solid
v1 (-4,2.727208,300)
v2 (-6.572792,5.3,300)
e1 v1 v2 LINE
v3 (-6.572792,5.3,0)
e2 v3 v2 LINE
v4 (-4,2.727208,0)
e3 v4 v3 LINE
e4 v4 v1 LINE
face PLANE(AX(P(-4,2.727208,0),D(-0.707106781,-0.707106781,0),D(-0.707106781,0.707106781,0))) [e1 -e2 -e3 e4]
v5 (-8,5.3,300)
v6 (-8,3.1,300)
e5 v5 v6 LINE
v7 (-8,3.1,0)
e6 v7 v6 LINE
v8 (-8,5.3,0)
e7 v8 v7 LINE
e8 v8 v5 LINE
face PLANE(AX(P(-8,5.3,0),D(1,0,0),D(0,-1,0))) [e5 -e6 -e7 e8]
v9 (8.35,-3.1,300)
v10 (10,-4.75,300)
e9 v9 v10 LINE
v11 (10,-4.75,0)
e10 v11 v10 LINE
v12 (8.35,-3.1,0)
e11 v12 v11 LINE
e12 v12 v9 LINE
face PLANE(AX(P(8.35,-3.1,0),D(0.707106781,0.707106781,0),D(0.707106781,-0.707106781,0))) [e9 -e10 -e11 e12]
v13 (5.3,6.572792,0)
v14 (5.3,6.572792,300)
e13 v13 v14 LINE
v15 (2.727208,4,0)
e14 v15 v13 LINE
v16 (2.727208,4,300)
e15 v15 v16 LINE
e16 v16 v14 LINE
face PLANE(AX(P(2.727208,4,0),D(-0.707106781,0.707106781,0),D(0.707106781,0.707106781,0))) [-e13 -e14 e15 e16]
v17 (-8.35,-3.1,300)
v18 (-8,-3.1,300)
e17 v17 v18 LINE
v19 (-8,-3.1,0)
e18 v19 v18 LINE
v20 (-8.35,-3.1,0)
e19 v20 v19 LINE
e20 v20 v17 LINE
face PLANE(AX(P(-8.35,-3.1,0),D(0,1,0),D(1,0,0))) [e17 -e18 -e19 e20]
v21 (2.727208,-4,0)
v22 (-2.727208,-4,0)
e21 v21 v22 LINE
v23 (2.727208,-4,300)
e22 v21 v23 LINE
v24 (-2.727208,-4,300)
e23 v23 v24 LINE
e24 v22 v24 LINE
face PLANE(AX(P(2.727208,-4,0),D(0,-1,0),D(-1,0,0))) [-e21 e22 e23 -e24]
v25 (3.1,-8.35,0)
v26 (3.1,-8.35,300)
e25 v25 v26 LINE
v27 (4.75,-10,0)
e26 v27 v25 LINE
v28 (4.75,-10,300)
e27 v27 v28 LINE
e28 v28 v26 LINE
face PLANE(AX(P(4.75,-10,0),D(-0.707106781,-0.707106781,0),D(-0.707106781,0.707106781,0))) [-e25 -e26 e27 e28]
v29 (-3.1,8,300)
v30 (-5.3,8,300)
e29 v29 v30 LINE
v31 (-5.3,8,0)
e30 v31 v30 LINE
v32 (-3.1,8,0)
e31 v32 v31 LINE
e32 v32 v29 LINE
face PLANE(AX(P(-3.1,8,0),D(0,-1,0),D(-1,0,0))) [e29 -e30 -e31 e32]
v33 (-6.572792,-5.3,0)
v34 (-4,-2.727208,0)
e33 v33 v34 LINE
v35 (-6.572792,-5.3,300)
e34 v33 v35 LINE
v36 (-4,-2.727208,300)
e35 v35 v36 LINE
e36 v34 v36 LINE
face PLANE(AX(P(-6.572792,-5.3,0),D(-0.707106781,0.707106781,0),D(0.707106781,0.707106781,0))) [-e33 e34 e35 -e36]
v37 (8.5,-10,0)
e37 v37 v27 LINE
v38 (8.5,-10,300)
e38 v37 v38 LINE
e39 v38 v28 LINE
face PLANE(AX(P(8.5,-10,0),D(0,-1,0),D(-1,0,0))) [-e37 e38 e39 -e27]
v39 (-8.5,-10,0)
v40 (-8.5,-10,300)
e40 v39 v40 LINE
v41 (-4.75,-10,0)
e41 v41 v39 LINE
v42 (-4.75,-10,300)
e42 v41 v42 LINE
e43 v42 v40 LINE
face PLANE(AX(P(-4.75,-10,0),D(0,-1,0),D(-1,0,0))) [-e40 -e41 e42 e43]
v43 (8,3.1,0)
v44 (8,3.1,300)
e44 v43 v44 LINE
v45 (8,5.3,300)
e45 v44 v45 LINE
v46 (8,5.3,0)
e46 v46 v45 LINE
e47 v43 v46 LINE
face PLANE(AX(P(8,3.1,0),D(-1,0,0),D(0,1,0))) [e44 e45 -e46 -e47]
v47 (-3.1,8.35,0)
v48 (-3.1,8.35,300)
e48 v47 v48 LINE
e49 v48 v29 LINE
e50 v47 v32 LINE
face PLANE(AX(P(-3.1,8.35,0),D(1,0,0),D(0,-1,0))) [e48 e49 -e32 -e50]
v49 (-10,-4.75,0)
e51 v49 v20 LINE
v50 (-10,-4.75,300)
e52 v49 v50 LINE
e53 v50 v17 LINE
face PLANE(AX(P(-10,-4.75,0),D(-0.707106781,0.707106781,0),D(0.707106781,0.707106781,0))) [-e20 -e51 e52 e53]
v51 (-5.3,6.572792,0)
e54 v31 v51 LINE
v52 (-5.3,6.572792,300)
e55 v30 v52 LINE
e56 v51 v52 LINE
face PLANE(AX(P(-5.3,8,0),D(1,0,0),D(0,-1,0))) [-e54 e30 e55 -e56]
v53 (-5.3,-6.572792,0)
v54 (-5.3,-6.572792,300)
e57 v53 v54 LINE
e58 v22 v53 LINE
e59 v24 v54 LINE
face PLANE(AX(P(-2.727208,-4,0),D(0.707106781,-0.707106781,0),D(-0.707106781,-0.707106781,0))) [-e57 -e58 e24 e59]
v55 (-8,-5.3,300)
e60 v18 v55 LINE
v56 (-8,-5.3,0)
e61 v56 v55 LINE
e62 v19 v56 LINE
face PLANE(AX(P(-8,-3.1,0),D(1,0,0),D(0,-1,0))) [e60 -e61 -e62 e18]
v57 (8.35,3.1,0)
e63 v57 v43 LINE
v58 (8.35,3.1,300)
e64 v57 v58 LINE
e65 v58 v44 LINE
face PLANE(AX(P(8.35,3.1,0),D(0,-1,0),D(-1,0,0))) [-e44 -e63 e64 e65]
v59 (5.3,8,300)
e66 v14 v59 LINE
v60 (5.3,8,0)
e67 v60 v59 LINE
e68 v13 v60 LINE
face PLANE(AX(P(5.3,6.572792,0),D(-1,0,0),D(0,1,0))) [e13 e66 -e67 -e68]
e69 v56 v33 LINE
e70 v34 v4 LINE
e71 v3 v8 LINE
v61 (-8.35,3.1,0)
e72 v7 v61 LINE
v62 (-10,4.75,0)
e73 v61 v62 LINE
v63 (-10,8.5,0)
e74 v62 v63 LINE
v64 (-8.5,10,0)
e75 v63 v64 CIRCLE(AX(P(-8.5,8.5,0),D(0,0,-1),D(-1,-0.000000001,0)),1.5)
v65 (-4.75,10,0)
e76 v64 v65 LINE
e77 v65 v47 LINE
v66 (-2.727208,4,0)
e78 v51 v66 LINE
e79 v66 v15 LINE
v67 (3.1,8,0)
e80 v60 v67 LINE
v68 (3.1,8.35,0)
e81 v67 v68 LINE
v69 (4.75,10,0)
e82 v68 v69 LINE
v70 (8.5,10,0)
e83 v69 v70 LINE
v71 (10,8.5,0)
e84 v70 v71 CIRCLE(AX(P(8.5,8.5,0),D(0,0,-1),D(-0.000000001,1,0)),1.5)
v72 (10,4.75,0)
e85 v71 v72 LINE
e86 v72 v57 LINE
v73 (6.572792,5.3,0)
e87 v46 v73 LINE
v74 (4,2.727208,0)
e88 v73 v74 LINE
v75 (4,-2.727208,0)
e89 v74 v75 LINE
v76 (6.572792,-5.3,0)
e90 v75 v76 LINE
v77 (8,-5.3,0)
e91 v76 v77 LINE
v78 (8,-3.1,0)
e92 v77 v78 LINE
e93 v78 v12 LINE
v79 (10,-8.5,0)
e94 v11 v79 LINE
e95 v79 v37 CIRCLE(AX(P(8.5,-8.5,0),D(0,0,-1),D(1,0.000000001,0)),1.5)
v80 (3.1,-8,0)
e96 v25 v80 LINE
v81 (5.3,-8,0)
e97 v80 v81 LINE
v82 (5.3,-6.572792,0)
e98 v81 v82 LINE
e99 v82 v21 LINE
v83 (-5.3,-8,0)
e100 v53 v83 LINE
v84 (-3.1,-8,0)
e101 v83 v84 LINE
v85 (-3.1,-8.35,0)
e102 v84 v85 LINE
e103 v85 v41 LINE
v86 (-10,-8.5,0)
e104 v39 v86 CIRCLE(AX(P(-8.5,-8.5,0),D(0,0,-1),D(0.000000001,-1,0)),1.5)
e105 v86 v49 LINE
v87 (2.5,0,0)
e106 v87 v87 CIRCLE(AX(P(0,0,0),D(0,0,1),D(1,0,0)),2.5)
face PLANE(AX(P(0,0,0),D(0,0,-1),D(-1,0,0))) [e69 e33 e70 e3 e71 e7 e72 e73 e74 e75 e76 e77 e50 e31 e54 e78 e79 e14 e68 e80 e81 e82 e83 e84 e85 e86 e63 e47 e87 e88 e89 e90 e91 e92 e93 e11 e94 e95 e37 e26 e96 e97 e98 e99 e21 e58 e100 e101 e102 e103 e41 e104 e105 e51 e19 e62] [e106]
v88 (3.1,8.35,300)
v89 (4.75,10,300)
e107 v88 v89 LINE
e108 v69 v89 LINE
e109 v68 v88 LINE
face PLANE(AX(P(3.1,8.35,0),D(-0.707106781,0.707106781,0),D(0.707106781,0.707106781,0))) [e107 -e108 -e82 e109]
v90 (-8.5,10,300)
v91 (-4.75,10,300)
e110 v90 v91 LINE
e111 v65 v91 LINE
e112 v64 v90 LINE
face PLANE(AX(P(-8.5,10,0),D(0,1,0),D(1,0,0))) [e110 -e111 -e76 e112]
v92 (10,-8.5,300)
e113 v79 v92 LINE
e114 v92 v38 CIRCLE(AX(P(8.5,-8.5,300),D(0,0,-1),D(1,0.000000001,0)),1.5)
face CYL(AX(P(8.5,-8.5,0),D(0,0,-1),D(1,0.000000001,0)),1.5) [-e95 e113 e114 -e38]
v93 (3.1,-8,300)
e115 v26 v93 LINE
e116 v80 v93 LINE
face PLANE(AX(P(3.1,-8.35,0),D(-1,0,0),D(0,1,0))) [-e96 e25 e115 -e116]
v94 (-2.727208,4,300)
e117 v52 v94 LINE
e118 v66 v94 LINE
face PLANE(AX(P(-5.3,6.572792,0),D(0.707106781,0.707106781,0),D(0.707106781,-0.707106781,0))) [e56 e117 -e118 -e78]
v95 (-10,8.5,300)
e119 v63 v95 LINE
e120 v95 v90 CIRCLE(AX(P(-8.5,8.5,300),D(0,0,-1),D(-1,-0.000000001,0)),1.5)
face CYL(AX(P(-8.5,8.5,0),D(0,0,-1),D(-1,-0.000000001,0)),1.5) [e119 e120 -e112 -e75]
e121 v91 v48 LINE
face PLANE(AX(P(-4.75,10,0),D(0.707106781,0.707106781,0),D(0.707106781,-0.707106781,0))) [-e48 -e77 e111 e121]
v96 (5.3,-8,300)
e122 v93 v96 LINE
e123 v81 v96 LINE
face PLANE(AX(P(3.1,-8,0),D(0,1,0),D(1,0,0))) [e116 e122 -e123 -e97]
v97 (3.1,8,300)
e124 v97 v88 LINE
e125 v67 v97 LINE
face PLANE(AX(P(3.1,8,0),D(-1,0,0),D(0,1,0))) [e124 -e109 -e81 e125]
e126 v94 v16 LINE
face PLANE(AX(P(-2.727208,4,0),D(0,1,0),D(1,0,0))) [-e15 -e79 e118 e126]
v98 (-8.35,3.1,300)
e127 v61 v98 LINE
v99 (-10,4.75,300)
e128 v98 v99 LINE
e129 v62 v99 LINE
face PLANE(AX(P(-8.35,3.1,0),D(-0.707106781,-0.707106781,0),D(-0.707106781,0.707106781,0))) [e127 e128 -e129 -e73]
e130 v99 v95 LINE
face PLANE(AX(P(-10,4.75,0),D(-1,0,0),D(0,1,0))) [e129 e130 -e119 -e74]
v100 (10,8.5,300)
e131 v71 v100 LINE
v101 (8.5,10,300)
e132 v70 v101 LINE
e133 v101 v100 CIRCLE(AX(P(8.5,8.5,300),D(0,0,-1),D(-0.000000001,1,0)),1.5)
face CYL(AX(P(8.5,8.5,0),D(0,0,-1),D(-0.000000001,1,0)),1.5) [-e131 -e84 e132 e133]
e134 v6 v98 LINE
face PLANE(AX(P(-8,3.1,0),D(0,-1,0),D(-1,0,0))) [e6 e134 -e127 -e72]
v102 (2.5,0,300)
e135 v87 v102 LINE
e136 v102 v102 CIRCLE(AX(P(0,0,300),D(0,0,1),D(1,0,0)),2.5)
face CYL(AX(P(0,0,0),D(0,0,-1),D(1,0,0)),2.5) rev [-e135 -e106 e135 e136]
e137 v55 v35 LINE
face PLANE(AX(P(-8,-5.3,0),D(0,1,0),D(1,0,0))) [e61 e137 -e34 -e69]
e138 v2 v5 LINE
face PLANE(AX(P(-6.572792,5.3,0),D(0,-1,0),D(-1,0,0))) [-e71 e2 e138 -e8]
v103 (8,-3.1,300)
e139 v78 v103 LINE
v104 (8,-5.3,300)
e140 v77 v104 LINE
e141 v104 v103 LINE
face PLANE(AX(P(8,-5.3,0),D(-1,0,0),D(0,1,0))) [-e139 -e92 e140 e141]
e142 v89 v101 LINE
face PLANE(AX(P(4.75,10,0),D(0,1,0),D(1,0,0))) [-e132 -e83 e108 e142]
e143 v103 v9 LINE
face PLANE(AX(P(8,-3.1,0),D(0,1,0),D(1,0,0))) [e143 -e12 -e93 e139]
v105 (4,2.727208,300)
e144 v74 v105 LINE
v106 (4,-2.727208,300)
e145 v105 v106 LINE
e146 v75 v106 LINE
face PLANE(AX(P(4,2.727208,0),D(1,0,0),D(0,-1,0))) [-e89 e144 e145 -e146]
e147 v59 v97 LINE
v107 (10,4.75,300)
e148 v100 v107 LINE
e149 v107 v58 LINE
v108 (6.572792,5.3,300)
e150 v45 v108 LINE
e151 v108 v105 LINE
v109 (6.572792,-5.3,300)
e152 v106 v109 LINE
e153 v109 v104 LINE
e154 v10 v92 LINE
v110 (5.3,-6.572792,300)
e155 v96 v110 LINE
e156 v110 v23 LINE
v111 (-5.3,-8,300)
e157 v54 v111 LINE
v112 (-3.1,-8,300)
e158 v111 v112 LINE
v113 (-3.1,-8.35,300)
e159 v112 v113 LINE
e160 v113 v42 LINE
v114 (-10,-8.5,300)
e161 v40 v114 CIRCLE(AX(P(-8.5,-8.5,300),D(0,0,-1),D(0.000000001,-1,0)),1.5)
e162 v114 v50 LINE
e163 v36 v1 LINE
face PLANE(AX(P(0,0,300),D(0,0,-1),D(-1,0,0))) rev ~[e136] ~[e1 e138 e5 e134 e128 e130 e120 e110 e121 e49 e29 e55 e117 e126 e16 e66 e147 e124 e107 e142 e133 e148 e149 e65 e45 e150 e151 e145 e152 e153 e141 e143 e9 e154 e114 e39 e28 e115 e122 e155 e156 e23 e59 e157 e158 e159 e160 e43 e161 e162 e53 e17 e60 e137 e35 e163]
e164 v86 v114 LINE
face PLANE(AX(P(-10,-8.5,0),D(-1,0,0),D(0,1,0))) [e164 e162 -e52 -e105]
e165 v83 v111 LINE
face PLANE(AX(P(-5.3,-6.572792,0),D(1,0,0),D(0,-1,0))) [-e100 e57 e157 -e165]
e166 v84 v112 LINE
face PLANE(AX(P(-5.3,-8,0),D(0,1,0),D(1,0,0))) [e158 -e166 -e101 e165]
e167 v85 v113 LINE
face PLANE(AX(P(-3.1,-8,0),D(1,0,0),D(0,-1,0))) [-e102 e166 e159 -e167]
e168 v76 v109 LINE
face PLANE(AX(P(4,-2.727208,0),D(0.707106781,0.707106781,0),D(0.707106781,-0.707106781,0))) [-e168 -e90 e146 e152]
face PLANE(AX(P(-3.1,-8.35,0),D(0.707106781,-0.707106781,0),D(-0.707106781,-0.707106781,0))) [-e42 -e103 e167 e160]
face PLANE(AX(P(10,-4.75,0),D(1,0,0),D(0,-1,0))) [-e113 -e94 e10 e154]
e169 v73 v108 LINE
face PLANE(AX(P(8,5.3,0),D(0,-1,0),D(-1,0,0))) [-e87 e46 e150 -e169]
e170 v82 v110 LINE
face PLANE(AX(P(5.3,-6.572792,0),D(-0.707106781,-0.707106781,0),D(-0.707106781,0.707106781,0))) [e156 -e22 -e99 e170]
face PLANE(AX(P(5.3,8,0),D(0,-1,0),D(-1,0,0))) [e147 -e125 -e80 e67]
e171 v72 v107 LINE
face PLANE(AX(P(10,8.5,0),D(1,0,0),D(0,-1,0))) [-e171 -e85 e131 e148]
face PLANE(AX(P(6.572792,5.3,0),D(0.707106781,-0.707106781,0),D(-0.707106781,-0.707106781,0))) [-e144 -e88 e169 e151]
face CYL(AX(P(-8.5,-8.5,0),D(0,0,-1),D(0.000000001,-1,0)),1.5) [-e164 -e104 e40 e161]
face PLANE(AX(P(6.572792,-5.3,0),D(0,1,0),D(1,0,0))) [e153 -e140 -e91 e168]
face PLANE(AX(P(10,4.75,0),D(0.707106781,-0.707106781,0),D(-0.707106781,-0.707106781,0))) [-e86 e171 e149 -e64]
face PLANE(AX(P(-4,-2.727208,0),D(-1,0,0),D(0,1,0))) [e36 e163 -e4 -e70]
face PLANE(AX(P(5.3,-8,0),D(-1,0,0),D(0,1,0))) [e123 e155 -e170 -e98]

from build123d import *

# Parameters (mm, degrees)
SKETCH2_R           = 2.5
BOSS_EXTRUDE1_DEPTH = 300


with BuildPart() as part:
    # Sketch2 → Boss-Extrude1 (new body)
    with BuildSketch(Plane.XY):
        with BuildLine():
            Line((-4, -2.727207794), (-4, 2.727207794))
            Line((-4, 2.727207794), (-6.572792206, 5.3))
            Line((-6.572792206, 5.3), (-8, 5.3))
            Line((-8, 5.3), (-8, 3.1))
            Line((-8, 3.1), (-8.35, 3.1))
            Line((-8.35, 3.1), (-10, 4.75))
            Line((-10, 4.75), (-10, 8.5))
            ThreePointArc((-10, 8.5), (-9.560660172, 9.560660172), (-8.5, 10))
            Line((-8.5, 10), (-4.75, 10))
            Line((-4.75, 10), (-3.1, 8.35))
            Line((-3.1, 8.35), (-3.1, 8))
            Line((-3.1, 8), (-5.3, 8))
            Line((-5.3, 8), (-5.3, 6.572792206))
            Line((-5.3, 6.572792206), (-2.727207794, 4))
            Line((-2.727207794, 4), (2.727207794, 4))
            Line((2.727207794, 4), (5.3, 6.572792206))
            Line((5.3, 6.572792206), (5.3, 8))
            Line((5.3, 8), (3.1, 8))
            Line((3.1, 8), (3.1, 8.35))
            Line((3.1, 8.35), (4.75, 10))
            Line((4.75, 10), (8.5, 10))
            ThreePointArc((8.5, 10), (9.560660172, 9.560660172), (10, 8.5))
            Line((10, 8.5), (10, 4.75))
            Line((10, 4.75), (8.35, 3.1))
            Line((8.35, 3.1), (8, 3.1))
            Line((8, 3.1), (8, 5.3))
            Line((8, 5.3), (6.572792206, 5.3))
            Line((6.572792206, 5.3), (4, 2.727207794))
            Line((4, 2.727207794), (4, -2.727207794))
            Line((4, -2.727207794), (6.572792206, -5.3))
            Line((6.572792206, -5.3), (8, -5.3))
            Line((8, -5.3), (8, -3.1))
            Line((8, -3.1), (8.35, -3.1))
            Line((8.35, -3.1), (10, -4.75))
            Line((10, -4.75), (10, -8.5))
            ThreePointArc((10, -8.5), (9.560660172, -9.560660172), (8.5, -10))
            Line((8.5, -10), (4.75, -10))
            Line((4.75, -10), (3.1, -8.35))
            Line((3.1, -8.35), (3.1, -8))
            Line((3.1, -8), (5.3, -8))
            Line((5.3, -8), (5.3, -6.572792206))
            Line((5.3, -6.572792206), (2.727207794, -4))
            Line((2.727207794, -4), (-2.727207794, -4))
            Line((-2.727207794, -4), (-5.3, -6.572792206))
            Line((-5.3, -6.572792206), (-5.3, -8))
            Line((-5.3, -8), (-3.1, -8))
            Line((-3.1, -8), (-3.1, -8.35))
            Line((-3.1, -8.35), (-4.75, -10))
            Line((-4.75, -10), (-8.5, -10))
            ThreePointArc((-8.5, -10), (-9.560660172, -9.560660172), (-10, -8.5))
            Line((-10, -8.5), (-10, -4.75))
            Line((-10, -4.75), (-8.35, -3.1))
            Line((-8.35, -3.1), (-8, -3.1))
            Line((-8, -3.1), (-8, -5.3))
            Line((-8, -5.3), (-6.572792206, -5.3))
            Line((-6.572792206, -5.3), (-4, -2.727207794))
        make_face()
        Circle(SKETCH2_R, mode=Mode.SUBTRACT)
    extrude(amount=BOSS_EXTRUDE1_DEPTH)


solid = part.part
